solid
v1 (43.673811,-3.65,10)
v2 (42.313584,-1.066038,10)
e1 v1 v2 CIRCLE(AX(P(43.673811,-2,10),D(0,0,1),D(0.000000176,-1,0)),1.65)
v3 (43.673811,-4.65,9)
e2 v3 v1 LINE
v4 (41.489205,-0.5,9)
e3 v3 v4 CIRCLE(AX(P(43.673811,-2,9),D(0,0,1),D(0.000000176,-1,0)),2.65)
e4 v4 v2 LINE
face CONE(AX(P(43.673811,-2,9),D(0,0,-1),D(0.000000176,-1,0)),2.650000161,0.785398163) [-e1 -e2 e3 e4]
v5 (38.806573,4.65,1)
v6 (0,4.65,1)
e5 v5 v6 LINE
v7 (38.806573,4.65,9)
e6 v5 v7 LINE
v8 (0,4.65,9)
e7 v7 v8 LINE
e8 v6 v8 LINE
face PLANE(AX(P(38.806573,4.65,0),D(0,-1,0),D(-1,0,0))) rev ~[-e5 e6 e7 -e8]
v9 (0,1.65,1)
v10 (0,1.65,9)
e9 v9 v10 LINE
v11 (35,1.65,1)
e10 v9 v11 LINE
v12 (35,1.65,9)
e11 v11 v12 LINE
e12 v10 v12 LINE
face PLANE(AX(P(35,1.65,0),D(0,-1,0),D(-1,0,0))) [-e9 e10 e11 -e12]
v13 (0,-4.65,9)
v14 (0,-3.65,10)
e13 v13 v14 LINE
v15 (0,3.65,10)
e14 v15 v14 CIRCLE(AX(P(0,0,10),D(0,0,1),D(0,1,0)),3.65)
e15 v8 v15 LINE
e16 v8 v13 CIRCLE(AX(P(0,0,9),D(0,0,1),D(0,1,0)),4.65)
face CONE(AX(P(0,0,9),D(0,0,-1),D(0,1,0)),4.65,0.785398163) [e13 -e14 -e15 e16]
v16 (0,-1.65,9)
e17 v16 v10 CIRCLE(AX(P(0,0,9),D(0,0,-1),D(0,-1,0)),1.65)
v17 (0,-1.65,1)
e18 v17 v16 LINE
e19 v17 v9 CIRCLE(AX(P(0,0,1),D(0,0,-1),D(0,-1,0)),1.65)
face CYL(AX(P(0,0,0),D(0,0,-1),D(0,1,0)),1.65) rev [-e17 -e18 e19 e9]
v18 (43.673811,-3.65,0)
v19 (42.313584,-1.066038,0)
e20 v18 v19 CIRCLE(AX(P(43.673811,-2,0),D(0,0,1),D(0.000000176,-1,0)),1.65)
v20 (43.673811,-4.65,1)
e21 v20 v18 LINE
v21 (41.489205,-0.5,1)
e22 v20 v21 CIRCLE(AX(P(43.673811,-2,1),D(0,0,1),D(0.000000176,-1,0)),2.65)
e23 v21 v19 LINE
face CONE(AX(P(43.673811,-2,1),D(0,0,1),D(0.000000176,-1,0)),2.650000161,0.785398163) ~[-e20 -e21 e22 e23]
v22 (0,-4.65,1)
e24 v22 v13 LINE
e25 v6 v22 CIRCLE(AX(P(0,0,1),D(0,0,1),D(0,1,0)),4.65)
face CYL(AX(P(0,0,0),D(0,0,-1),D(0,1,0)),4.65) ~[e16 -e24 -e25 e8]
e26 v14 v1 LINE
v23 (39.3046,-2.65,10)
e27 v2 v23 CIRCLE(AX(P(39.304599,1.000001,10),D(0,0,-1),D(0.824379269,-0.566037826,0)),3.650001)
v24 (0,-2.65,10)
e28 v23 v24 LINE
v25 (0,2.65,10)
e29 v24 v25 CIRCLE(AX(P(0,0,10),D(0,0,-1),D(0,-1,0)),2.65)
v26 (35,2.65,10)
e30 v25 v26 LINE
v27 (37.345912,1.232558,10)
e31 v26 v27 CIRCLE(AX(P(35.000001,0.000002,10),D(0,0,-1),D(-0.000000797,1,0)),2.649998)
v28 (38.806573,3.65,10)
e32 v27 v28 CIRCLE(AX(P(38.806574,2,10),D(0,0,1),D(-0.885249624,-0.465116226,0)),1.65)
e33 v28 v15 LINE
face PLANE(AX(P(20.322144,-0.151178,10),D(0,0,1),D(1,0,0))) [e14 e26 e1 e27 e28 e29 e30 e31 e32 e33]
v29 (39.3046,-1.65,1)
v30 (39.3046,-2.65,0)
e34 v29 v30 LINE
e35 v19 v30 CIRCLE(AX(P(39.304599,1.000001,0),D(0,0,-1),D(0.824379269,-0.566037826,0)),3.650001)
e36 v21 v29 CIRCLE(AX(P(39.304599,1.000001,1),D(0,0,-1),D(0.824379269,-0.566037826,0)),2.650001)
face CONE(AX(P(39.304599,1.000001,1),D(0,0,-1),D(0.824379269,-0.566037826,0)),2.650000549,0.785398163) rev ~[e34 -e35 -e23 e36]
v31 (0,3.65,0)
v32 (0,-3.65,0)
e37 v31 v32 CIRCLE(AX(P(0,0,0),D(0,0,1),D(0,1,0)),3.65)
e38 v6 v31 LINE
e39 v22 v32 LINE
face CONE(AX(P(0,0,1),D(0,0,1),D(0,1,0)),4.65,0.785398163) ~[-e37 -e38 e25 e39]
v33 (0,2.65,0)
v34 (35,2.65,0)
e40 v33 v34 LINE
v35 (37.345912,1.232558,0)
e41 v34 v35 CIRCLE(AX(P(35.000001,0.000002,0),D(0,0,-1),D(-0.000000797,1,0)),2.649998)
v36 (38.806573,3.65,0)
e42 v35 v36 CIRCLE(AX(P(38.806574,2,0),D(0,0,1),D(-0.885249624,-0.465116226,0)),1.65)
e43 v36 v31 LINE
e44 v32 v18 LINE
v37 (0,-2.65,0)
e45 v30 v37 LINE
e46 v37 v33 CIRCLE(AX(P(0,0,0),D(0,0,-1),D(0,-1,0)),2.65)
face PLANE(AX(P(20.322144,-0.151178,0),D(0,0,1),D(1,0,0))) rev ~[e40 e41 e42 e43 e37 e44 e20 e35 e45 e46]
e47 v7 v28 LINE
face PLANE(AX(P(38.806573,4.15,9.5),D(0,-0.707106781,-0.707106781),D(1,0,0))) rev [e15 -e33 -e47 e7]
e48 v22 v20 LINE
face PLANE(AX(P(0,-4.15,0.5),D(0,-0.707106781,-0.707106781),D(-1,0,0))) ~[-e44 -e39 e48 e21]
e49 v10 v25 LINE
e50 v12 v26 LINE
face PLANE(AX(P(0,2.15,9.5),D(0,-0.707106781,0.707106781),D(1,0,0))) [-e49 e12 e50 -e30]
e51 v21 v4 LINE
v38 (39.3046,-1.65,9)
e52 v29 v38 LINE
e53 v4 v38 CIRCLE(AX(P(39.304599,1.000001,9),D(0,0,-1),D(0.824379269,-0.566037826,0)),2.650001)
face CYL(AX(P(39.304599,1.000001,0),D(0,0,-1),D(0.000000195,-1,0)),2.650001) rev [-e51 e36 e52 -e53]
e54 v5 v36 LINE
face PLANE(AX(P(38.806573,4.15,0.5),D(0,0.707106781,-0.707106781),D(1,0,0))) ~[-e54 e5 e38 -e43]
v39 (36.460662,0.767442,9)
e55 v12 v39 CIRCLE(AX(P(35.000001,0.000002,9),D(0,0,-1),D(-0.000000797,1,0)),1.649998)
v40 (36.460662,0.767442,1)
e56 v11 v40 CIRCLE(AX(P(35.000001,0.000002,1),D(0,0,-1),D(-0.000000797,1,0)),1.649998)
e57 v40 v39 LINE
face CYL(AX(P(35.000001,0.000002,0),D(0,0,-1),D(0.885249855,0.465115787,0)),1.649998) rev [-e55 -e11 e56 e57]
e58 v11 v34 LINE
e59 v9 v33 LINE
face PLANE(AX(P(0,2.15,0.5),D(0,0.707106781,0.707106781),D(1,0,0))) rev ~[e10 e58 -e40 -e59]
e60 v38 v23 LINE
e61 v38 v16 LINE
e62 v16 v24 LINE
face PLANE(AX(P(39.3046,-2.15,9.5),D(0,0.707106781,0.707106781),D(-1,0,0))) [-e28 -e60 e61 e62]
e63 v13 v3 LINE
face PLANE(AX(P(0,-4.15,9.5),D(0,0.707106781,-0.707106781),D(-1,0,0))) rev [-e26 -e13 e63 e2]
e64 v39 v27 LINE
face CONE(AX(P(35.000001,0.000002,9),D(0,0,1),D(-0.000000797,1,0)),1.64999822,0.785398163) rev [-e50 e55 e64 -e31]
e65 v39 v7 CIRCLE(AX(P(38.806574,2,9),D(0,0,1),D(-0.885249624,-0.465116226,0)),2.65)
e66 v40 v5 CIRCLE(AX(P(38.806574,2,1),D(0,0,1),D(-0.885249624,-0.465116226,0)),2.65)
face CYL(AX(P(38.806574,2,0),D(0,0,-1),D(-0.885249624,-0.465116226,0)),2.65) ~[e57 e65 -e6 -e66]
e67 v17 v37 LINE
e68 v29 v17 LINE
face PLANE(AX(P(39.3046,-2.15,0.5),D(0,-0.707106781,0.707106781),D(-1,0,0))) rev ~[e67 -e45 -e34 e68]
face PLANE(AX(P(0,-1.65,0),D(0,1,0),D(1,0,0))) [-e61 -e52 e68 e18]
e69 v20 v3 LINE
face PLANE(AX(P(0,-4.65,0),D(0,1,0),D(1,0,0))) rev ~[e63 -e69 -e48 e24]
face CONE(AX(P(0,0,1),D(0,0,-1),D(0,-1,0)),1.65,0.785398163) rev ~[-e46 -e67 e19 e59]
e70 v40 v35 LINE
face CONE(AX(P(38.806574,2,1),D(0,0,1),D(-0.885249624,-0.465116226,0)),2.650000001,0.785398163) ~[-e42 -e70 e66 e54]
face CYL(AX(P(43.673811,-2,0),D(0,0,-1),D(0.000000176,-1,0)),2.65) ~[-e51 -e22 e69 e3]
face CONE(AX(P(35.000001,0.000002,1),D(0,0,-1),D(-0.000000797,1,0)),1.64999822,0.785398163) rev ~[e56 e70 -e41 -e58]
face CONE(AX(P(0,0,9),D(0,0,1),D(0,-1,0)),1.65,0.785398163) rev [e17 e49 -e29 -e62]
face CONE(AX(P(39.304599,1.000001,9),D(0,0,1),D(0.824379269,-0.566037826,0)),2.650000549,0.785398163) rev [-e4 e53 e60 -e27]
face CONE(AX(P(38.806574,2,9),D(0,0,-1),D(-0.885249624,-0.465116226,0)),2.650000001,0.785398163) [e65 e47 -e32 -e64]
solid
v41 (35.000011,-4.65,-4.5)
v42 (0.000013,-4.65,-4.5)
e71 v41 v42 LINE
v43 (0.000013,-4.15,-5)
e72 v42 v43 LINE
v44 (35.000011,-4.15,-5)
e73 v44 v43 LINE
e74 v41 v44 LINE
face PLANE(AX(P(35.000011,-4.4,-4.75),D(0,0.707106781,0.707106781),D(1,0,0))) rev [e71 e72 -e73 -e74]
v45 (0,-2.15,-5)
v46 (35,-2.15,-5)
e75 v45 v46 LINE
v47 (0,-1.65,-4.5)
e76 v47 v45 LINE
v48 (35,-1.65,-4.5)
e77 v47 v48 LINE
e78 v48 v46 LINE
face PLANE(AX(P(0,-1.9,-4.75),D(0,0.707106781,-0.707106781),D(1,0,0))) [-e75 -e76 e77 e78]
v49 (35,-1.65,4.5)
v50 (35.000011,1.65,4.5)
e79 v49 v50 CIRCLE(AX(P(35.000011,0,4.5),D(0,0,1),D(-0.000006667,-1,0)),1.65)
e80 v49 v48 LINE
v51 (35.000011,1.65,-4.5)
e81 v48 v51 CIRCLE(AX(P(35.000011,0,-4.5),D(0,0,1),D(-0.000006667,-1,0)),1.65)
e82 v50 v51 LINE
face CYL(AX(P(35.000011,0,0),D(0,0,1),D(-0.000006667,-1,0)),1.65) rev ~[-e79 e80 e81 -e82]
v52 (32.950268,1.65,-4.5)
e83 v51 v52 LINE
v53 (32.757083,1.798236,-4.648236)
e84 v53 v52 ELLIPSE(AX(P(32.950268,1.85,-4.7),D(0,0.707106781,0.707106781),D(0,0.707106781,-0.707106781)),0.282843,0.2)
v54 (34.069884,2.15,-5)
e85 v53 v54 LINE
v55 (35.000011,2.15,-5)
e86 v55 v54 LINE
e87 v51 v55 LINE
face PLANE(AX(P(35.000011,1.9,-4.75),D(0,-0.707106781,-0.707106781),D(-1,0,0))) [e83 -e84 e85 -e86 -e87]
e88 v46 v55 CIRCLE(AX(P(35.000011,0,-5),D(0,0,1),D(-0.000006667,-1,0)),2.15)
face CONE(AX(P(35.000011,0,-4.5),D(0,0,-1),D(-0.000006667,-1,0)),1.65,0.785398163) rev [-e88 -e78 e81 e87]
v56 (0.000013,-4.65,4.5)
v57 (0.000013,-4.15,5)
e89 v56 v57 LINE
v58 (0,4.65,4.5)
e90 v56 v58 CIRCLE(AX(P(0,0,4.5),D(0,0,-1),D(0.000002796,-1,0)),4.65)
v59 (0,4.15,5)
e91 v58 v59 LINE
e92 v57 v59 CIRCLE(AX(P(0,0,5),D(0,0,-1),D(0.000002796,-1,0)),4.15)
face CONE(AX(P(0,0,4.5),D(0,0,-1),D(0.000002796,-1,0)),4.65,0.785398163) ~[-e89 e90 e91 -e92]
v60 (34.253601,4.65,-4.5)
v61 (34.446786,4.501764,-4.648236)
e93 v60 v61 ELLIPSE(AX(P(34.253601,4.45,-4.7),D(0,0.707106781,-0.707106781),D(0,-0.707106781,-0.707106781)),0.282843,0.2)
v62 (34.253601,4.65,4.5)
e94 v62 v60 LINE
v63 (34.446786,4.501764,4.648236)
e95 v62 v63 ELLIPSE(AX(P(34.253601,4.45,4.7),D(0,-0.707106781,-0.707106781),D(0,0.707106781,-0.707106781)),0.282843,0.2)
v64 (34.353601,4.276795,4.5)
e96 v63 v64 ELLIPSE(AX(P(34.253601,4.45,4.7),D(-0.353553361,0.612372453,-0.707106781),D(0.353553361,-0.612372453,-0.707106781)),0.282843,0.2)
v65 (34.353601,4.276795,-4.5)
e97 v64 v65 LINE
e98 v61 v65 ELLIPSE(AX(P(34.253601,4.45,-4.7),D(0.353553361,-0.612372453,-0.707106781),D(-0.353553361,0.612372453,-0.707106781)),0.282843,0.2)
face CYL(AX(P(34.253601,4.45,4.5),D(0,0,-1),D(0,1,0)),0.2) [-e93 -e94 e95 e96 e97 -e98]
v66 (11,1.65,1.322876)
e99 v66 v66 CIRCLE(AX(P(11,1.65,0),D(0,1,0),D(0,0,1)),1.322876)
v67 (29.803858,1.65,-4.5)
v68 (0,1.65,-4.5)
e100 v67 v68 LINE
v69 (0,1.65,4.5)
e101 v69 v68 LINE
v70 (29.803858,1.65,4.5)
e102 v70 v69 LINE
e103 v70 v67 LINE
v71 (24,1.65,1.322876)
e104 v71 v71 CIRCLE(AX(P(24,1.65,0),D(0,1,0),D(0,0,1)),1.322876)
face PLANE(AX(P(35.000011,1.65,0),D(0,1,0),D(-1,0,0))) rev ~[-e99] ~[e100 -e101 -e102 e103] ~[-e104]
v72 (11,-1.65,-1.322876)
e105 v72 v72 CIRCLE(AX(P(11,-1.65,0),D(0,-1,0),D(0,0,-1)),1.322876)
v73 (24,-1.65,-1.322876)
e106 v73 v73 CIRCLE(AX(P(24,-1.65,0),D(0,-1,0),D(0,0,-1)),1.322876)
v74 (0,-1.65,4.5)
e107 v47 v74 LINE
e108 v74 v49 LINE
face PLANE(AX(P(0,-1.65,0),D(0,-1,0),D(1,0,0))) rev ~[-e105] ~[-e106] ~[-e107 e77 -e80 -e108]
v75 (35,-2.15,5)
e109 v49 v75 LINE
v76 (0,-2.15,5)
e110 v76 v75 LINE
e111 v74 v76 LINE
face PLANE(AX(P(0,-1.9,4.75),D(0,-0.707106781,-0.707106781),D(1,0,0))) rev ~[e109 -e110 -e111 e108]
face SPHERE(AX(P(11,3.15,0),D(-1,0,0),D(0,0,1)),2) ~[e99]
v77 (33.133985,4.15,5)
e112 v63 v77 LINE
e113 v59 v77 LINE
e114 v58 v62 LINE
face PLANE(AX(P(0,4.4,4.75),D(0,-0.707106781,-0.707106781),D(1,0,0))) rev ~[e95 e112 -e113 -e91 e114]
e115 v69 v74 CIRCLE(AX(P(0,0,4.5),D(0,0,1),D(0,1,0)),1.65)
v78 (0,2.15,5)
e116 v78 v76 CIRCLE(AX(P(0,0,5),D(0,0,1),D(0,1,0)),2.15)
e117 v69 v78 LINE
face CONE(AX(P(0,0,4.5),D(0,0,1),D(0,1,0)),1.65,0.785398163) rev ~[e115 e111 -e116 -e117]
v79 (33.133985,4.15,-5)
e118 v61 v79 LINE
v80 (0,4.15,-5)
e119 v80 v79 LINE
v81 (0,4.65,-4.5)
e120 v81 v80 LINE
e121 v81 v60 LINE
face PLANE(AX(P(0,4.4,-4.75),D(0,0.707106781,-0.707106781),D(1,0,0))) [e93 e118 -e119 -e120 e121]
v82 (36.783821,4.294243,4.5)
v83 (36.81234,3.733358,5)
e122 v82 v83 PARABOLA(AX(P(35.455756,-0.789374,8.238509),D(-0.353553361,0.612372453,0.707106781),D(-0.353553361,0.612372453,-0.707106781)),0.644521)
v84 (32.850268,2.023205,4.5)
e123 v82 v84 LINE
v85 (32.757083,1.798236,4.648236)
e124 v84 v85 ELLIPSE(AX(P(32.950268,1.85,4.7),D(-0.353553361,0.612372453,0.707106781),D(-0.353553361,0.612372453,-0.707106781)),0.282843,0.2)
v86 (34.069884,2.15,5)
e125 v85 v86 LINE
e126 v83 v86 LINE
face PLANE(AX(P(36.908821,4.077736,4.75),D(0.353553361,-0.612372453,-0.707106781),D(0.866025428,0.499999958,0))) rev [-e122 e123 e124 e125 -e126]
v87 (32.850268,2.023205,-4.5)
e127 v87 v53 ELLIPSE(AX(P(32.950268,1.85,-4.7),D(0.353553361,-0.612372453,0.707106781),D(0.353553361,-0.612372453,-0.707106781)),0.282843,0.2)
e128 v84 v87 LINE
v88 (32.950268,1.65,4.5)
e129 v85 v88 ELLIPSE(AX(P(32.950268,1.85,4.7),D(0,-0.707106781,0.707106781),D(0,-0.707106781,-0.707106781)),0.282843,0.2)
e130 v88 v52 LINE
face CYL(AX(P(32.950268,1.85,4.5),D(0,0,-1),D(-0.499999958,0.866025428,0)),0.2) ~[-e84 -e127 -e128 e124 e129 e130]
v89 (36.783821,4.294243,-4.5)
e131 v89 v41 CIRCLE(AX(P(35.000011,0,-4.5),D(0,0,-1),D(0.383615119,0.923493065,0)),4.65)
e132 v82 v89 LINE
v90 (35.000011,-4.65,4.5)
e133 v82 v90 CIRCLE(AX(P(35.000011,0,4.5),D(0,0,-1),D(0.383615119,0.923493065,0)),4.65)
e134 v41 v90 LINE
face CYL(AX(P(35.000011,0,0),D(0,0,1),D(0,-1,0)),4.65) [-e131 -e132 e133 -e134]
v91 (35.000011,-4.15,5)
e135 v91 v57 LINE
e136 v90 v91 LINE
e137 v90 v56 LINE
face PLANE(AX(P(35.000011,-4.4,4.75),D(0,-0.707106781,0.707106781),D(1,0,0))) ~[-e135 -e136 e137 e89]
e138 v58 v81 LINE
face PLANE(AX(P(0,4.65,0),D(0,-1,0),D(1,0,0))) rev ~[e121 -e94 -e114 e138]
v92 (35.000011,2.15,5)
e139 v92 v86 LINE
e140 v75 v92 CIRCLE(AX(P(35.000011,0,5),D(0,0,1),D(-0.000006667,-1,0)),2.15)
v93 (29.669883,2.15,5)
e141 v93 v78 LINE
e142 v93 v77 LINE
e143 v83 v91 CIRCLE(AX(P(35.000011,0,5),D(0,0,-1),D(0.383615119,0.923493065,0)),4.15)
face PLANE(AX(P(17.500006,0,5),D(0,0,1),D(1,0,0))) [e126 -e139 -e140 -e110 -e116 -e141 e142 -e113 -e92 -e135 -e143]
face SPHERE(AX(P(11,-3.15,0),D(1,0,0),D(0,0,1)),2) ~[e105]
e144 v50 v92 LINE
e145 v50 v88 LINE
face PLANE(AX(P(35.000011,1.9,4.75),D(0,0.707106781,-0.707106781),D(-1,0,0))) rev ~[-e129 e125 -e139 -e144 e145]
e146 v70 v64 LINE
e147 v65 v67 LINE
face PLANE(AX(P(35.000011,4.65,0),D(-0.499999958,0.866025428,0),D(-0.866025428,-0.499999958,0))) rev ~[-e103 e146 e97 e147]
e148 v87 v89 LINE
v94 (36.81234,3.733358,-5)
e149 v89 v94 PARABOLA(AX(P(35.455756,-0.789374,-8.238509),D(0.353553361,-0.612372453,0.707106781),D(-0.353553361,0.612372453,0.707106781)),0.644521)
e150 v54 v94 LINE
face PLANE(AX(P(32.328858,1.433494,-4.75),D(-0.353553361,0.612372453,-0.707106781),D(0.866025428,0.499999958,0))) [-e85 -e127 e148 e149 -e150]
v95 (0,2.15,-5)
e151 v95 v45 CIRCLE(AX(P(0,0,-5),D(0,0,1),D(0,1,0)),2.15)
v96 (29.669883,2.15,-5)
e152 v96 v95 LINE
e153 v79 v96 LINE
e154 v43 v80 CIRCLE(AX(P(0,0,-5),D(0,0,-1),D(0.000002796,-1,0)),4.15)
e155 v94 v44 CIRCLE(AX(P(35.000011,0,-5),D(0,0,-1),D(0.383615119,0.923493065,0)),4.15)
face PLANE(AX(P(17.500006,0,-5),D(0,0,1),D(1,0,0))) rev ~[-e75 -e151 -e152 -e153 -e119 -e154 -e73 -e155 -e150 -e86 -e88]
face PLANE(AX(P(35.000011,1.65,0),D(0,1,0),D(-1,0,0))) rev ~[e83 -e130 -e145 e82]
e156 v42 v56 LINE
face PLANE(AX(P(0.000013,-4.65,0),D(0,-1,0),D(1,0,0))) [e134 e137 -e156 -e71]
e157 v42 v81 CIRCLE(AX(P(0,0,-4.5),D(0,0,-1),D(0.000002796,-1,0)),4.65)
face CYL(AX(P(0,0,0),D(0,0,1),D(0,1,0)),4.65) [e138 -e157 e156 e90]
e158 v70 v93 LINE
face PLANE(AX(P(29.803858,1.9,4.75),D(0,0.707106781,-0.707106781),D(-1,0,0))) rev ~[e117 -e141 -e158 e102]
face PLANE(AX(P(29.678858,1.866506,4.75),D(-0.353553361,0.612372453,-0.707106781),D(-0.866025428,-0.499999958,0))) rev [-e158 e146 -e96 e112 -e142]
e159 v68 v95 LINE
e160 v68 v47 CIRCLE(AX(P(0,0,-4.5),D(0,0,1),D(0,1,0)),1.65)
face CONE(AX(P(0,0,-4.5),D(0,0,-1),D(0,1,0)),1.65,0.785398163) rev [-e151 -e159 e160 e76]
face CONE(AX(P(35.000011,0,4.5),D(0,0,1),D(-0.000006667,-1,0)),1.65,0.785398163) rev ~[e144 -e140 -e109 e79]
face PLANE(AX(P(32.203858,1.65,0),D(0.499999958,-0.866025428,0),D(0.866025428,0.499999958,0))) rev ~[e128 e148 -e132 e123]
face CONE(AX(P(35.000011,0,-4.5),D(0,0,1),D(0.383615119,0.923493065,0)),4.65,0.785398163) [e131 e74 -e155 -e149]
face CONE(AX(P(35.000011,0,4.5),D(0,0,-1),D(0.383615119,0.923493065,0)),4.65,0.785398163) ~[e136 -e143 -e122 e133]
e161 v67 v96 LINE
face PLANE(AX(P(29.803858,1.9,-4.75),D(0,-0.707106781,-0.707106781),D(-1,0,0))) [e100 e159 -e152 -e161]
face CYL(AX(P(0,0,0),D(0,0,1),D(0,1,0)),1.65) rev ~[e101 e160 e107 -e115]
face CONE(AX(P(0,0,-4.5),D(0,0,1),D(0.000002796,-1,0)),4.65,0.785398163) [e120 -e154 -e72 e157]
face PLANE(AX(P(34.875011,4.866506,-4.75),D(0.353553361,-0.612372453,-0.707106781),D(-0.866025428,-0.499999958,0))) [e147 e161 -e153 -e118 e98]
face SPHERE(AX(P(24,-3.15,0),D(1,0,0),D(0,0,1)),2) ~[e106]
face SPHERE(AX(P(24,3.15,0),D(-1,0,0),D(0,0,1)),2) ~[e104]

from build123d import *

# Parameters (mm, degrees)
PAD_DEPTH           = 10
CHAMFER_SIZE        = 1
PAD001_DEPTH        = 5
POCKET_DEPTH        = 5.001
POCKET_DEPTH_BACK   = -5.001
CHAMFER001_SIZE     = 0.5
FILLET_R            = 0.2
REVOLUTION_ANGLE    = 180
REVOLUTION001_ANGLE = 180


with BuildPart() as clip:
    # Sketch → Pad (new body)
    with BuildSketch(Plane.XY):
        with BuildLine():
            ThreePointArc((36.460662, 0.767442), (41.074698, 0.629558), (38.806573, 4.65))
            Line((38.806573, 4.65), (0, 4.65))
            ThreePointArc((0, 4.65), (-4.65, 0), (0, -4.65))
            Line((0, -4.65), (43.673811, -4.65))
            ThreePointArc((43.673811, -4.65), (46.018752, -0.765597), (41.489205, -0.5))
            ThreePointArc((39.3046, -1.65), (40.539003, -1.344941), (41.489205, -0.5))
            Line((0, -1.65), (39.3046, -1.65))
            ThreePointArc((0, 1.65), (-1.65, 0), (0, -1.65))
            Line((35, 1.65), (0, 1.65))
            ThreePointArc((36.460662, 0.767442), (35.853294, 1.412229), (35, 1.65))
        make_face()
    extrude(amount=PAD_DEPTH)

    # Chamfer
    chamfer_edges = [clip.edges().sort_by_distance(p)[0] for p in [
        (41.074698, 0.629558, 10),
        (19.403287, 4.65, 10),
        (-4.65, 0, 10),
        (21.836905, -4.65, 10),
        (46.018752, -0.765597, 10),
        (40.539003, -1.344941, 10),
        (19.6523, -1.65, 10),
        (-1.65, 0, 10),
        (17.5, 1.65, 10),
        (35.853294, 1.412229, 10),
        (41.074698, 0.629558, 0),
        (19.403287, 4.65, 0),
        (-4.65, 0, 0),
        (21.836905, -4.65, 0),
        (46.018752, -0.765597, 0),
        (40.539003, -1.344941, 0),
        (19.6523, -1.65, 0),
        (-1.65, 0, 0),
        (17.5, 1.65, 0),
        (35.853294, 1.412229, 0),
    ]]
    chamfer(chamfer_edges, length=CHAMFER_SIZE)


with BuildPart() as clip2:
    # Sketch001 → Pad001 (new body, symmetric)
    with BuildSketch(Plane.XY):
        with BuildLine():
            ThreePointArc((0, 4.65), (-4.65, -7e-06), (1.3e-05, -4.65))
            Line((1.3e-05, -4.65), (35.000011, -4.65))
            ThreePointArc((35.000011, -4.65), (39.650011, 0), (35.000011, 4.65))
            Line((0, 4.65), (35.000011, 4.65))
        make_face()
        with BuildLine():
            Line((0, -1.65), (35, -1.65))
            ThreePointArc((35, -1.65), (36.650011, -5e-06), (35.000011, 1.65))
            Line((35.000011, 1.65), (0, 1.65))
            ThreePointArc((0, 1.65), (-1.65, 0), (0, -1.65))
        make_face(mode=Mode.SUBTRACT)
    extrude(amount=PAD001_DEPTH, both=True)

    # Sketch002 → Pocket (cut, two sides)
    with BuildSketch(Plane.XY) as pocket_sk:
        Polygon((32.203858, 1.65), (37.400011, 4.65), (35.000011, 4.65), (29.803858, 1.65), align=None)
    extrude(amount=-POCKET_DEPTH, mode=Mode.SUBTRACT)
    extrude(pocket_sk.sketch, amount=-POCKET_DEPTH_BACK, mode=Mode.SUBTRACT)

    # Chamfer001
    chamfer001_edges = [clip2.edges().sort_by_distance(p)[0] for p in [
        (17.500005, 4.65, 5),
        (32.401934, 3.15, 5),
        (14.901929, 1.65, 5),
        (-1.65, 0, 5),
        (17.5, -1.65, 5),
        (36.650011, -5e-06, 5),
        (33.601934, 1.65, 5),
        (34.49384, 2.972121, 5),
        (39.560204, -0.90947, 5),
        (17.500012, -4.65, 5),
        (-4.65, -7e-06, 5),
        (17.500005, 4.65, -5),
        (32.401934, 3.15, -5),
        (14.901929, 1.65, -5),
        (-1.65, 0, -5),
        (17.5, -1.65, -5),
        (36.650011, -5e-06, -5),
        (33.601934, 1.65, -5),
        (34.49384, 2.972121, -5),
        (39.560204, -0.90947, -5),
        (17.500012, -4.65, -5),
        (-4.65, -7e-06, -5),
    ]]
    chamfer(chamfer001_edges, length=CHAMFER001_SIZE)

    # Fillet
    fillet_edges = [clip2.edges().sort_by_distance(p)[0] for p in [
        (32.203858, 1.65, 0),
        (35.000011, 4.65, 0),
    ]]
    fillet(fillet_edges, radius=FILLET_R)

    # Sketch003 (on Face36 of Fillet) → Revolution (revolve)
    with BuildSketch(Plane(origin=(0, -3.15, 0), x_dir=(-1, 0, 0), z_dir=(0, 1, 0))):
        with BuildLine():
            ThreePointArc((-9, 0), (-11, 2), (-13, 0))
            Line((-13, 0), (-9, 0))
        make_face()
        with BuildLine():
            ThreePointArc((-22, 0), (-24, 2), (-26, 0))
            Line((-26, 0), (-22, 0))
        make_face()
    revolve(axis=Axis((0, -3.15, 0), (-1, 0, 0)), revolution_arc=REVOLUTION_ANGLE)

    # Sketch004 (on Face22 of Revolution) → Revolution001 (revolve)
    with BuildSketch(Plane.XZ.offset(-3.15)):
        with BuildLine():
            ThreePointArc((13, 0), (11, 2), (9, 0))
            Line((9, 0), (13, 0))
        make_face()
        with BuildLine():
            ThreePointArc((26, 0), (24, 2), (22, 0))
            Line((22, 0), (26, 0))
        make_face()
    revolve(axis=Axis((0, 3.15, 0), (1, 0, 0)), revolution_arc=REVOLUTION001_ANGLE)


solid = Compound([clip.part, clip2.part])
